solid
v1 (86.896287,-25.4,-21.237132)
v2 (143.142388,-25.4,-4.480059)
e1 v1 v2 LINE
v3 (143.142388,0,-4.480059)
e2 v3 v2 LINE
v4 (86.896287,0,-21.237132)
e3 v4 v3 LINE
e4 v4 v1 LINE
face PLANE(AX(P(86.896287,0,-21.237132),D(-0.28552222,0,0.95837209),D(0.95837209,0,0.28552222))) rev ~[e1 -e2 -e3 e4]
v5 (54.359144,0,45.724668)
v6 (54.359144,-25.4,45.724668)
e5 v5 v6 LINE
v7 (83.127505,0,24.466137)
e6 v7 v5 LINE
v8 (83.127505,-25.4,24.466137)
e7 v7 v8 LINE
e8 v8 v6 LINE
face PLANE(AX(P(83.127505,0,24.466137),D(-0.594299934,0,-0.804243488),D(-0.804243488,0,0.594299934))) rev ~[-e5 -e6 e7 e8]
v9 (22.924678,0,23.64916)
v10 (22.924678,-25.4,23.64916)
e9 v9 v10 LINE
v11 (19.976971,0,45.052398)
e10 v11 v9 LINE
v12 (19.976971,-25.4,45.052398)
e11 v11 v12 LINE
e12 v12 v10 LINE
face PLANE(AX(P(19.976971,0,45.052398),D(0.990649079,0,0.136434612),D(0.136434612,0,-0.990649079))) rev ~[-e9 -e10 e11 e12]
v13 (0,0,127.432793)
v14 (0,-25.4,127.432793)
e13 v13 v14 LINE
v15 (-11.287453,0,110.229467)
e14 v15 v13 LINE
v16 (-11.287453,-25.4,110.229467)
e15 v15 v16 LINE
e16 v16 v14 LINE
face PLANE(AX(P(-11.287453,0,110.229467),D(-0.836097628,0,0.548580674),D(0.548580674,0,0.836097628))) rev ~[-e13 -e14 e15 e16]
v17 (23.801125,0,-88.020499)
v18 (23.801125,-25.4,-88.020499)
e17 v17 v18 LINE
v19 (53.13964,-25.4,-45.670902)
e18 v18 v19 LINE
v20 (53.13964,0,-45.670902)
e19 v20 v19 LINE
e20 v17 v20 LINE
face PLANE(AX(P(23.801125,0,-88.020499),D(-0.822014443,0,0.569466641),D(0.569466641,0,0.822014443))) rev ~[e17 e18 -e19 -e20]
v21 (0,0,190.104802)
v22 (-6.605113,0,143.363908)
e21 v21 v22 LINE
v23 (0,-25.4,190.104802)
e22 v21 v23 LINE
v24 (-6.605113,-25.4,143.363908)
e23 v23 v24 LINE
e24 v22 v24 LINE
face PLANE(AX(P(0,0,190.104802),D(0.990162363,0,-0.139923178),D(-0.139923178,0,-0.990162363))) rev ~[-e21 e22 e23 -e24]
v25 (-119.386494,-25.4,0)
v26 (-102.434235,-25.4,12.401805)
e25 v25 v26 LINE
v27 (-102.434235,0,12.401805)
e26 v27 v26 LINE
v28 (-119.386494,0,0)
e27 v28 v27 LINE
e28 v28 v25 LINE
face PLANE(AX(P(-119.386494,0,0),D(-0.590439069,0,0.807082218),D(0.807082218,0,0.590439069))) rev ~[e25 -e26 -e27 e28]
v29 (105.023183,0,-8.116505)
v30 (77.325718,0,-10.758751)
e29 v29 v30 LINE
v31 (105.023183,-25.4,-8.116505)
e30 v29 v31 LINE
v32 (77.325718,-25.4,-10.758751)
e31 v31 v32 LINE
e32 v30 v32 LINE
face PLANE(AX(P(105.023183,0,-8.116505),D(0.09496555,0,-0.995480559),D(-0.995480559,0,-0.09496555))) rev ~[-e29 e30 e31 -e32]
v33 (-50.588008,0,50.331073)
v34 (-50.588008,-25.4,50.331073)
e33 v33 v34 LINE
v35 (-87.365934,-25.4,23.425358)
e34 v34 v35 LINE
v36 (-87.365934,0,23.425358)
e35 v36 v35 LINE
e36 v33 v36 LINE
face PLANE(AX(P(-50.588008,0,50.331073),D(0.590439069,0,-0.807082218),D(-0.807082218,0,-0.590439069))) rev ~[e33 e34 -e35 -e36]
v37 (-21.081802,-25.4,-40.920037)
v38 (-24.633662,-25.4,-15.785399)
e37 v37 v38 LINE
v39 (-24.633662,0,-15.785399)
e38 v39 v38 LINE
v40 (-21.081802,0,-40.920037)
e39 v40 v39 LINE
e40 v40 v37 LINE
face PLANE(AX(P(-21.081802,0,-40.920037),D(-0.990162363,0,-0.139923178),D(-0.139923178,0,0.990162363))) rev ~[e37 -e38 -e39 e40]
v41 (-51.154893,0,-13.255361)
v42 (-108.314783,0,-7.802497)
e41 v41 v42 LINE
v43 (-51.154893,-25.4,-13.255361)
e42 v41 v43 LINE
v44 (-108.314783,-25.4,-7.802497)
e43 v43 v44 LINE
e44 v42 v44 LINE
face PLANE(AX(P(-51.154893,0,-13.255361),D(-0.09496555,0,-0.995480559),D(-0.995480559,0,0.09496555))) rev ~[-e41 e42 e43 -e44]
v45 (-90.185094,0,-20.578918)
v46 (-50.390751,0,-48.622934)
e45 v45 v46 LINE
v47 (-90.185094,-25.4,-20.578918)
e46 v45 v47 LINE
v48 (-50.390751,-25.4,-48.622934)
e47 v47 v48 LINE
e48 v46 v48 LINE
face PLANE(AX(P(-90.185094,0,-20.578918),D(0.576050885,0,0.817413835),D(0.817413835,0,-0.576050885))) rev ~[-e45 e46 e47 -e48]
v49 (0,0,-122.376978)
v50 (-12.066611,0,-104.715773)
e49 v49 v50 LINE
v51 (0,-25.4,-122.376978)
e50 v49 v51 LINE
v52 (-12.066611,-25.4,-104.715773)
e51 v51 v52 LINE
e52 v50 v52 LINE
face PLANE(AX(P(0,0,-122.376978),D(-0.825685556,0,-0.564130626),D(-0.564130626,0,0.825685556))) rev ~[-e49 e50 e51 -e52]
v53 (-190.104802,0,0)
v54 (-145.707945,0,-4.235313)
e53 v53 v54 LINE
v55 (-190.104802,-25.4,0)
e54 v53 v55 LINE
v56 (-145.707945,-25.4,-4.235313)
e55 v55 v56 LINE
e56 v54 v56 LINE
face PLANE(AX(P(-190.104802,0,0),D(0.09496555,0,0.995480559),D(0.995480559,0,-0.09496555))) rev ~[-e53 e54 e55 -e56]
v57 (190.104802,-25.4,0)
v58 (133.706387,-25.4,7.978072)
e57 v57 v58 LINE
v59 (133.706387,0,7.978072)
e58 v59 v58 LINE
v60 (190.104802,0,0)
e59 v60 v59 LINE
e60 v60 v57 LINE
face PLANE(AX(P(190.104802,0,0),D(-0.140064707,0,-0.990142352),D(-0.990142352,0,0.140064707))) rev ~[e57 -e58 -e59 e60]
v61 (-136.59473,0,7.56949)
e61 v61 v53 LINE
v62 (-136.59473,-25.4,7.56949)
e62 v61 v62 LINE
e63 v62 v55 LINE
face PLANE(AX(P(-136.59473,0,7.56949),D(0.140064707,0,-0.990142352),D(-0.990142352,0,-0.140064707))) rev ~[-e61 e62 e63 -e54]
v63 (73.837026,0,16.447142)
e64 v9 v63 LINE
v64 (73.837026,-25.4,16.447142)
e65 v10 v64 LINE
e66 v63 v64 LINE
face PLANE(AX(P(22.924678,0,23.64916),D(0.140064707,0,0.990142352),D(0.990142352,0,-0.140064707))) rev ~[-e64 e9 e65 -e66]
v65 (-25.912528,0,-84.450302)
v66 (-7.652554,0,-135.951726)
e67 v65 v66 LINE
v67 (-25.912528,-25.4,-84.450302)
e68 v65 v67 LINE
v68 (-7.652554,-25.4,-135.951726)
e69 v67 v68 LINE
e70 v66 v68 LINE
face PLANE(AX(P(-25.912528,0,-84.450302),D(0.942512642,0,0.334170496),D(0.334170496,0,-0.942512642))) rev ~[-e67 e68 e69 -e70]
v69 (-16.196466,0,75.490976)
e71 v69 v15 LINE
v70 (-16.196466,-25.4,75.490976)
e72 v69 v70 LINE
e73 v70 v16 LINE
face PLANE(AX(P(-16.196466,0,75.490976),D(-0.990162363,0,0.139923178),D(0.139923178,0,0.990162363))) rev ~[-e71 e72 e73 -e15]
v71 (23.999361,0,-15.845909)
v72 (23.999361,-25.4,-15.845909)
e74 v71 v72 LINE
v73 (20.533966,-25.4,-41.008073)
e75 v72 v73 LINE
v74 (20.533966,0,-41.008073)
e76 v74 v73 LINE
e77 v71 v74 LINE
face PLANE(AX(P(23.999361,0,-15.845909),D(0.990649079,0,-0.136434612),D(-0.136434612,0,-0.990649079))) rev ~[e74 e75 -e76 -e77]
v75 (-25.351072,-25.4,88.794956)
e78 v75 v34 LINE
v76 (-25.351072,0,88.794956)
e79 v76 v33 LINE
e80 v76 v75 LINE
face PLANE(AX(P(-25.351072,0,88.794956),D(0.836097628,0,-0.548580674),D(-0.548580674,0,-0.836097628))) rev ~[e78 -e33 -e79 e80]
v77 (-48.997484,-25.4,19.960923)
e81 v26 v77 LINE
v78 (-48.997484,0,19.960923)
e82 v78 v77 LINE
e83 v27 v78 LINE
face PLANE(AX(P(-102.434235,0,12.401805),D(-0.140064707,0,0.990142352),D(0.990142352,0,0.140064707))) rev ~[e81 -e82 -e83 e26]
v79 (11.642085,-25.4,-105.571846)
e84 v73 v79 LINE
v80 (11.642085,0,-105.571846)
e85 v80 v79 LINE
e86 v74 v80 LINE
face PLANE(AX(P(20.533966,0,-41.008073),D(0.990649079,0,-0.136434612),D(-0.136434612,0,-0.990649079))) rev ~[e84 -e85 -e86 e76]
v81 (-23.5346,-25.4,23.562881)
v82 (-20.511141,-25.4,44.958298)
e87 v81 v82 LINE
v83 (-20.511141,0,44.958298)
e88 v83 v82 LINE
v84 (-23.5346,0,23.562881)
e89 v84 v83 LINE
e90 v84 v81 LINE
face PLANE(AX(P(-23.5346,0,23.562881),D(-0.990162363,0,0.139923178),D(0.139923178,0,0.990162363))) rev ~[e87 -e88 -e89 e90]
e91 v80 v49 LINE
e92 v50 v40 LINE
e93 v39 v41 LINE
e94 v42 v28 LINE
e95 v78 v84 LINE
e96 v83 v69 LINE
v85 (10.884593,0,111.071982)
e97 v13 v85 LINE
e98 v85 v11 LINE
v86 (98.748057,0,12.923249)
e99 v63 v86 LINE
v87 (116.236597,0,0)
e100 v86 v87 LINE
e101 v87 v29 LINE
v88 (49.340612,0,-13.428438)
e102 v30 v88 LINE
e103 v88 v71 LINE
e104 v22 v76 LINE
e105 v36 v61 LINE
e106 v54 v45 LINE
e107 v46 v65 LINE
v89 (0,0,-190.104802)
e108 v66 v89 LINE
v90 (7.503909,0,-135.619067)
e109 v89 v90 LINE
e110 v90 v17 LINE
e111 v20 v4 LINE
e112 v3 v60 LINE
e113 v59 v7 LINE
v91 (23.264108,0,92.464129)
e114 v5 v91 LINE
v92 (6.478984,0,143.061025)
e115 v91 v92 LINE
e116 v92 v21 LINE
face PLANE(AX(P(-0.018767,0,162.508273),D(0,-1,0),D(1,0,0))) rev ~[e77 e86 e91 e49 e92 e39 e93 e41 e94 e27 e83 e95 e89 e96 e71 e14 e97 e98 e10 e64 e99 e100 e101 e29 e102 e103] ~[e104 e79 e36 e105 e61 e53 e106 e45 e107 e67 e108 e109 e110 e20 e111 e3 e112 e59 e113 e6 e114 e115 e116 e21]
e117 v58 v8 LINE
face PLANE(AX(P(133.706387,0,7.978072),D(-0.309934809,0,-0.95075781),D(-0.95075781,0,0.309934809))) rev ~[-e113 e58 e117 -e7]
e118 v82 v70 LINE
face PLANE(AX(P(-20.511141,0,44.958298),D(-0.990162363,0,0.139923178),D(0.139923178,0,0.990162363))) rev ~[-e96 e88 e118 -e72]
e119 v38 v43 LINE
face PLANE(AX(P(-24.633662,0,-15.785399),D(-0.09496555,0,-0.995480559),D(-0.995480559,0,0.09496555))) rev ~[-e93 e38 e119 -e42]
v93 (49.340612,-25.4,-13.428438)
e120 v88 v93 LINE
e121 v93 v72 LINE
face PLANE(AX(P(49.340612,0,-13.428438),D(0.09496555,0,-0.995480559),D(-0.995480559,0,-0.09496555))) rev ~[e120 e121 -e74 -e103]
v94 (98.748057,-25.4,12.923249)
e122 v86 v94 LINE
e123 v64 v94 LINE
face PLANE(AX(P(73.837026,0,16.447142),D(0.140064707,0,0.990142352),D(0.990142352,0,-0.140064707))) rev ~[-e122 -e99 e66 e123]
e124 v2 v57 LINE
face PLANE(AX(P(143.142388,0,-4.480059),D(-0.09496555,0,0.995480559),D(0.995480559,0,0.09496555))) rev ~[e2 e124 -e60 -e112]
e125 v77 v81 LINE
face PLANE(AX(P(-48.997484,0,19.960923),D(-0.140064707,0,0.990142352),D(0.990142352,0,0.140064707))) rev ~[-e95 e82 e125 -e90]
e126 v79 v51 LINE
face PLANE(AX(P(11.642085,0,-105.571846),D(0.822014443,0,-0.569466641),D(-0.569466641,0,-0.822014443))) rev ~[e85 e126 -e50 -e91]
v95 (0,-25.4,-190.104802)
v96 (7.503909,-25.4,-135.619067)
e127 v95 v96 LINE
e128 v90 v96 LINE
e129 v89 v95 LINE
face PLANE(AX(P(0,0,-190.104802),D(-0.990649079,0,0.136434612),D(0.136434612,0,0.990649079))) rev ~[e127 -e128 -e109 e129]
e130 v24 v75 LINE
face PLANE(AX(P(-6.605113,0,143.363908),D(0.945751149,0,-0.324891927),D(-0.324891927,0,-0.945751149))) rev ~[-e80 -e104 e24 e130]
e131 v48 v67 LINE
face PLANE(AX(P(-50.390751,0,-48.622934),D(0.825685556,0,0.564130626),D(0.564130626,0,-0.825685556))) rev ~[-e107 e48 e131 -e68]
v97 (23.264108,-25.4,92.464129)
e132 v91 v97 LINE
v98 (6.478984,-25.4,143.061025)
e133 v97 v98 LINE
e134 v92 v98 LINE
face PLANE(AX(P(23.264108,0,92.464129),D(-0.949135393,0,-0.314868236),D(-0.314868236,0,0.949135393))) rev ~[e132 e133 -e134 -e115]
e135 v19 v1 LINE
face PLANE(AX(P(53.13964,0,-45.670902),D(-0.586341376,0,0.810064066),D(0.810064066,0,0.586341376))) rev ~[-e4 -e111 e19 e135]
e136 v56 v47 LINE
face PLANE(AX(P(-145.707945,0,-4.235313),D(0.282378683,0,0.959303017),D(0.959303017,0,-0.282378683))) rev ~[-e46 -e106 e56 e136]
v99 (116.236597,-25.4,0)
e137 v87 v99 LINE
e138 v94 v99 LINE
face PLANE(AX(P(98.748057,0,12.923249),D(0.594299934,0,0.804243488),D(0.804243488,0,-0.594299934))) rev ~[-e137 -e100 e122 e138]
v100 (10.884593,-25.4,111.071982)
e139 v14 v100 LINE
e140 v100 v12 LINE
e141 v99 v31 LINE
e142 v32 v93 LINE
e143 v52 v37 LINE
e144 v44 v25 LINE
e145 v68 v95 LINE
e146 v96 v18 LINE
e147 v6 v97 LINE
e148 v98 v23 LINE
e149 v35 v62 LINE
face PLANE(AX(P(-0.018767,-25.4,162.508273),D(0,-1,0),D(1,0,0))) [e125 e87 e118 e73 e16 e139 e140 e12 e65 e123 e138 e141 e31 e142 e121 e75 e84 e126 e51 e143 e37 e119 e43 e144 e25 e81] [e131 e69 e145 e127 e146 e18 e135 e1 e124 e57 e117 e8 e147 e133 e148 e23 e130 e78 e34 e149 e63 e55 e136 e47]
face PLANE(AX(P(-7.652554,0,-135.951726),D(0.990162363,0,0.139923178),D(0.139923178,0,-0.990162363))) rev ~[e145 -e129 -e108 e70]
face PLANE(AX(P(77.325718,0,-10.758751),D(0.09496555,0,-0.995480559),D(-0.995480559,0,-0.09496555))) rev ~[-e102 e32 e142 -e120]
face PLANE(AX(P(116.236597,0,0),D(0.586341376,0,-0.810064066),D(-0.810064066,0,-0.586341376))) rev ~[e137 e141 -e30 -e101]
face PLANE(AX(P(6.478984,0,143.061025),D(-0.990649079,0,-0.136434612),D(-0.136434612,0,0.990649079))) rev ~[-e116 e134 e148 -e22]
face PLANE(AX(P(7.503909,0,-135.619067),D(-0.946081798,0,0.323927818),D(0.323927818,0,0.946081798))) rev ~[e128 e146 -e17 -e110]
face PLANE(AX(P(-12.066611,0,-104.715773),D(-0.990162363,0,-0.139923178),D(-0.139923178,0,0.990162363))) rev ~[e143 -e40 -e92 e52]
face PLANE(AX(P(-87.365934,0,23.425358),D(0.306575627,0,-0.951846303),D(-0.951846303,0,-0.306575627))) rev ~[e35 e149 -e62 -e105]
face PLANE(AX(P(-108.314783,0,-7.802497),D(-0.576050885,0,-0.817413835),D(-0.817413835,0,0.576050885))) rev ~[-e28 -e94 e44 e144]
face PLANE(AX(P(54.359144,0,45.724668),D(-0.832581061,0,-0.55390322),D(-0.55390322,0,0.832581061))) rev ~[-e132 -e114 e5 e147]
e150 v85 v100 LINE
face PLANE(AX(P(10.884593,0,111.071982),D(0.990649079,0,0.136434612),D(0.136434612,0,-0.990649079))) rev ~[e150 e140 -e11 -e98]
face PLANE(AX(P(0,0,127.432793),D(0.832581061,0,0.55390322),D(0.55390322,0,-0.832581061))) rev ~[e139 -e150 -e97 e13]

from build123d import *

# Parameters (mm, degrees)
F1_DEPTH = 25.4


with BuildPart() as f1:
    # F0 (on Front) → F1 (new body)
    with BuildSketch(Plane.XZ):
        Polygon((6.4789838679, 143.0610253916), (0, 190.1048020358), (-6.6051132214, 143.363907551), (0, 162.5912040472), align=None)
        Polygon((0, 162.5912040472), (-6.6051132214, 143.363907551), (-11.2874526005, 110.2294670761), (0, 127.4327933788), (10.8845930701, 111.0719821234), (6.4789838679, 143.0610253916), align=None)
        Polygon((-11.2874526005, 110.2294670761), (-6.6051132214, 143.363907551), (-25.3510719107, 88.7949556276), align=None)
        Polygon((23.2641081299, 92.464128984), (6.4789838679, 143.0610253916), (10.8845930701, 111.0719821234), align=None)
        Polygon((-16.1964657783, 75.4909759594), (-11.2874526005, 110.2294670761), (-25.3510719107, 88.7949556276), (-34.5284807194, 62.0797799271), align=None)
        Polygon((-34.5284807194, 62.0797799271), (-25.3510719107, 88.7949556276), (-50.5880084585, 50.3310727943), align=None)
        Polygon((23.2641081299, 92.464128984), (10.8845930701, 111.0719821234), (15.9783431129, 74.0863615106), (33.7067852385, 60.9858364417), align=None)
        Polygon((54.3591441951, 45.7246677317), (23.2641081299, 92.464128984), (33.7067852385, 60.9858364417), align=None)
        Polygon((-42.8858424978, 37.7517377794), (-34.5284807194, 62.0797799271), (-50.5880084585, 50.3310727943), (-63.1169358373, 31.2356016062), align=None)
        Polygon((-63.1169358373, 31.2356016062), (-50.5880084585, 50.3310727943), (-87.3659343428, 23.4253575589), align=None)
        Polygon((54.3591441951, 45.7246677317), (33.7067852385, 60.9858364417), (41.2983510128, 38.1019029624), (64.4518457344, 30.554161689), align=None)
        Polygon((83.1275046372, 24.4661372589), (54.3591441951, 45.7246677317), (64.4518457344, 30.554161689), align=None)
        Polygon((-72.7158875117, 16.6057374852), (-63.1169358373, 31.2356016062), (-87.3659343428, 23.4253575589), (-102.4342347336, 12.401804989), align=None)
        Polygon((-102.4342347336, 12.401804989), (-87.3659343428, 23.4253575589), (-136.5947303766, 7.5694898993), align=None)
        Polygon((83.1275046372, 24.4661372589), (64.4518457344, 30.554161689), (73.837026265, 16.4471421365), (98.7480565931, 12.92324866), align=None)
        Polygon((133.7063873813, 7.9780724792), (83.1275046372, 24.4661372589), (98.7480565931, 12.92324866), align=None)
        Polygon((-119.3864941597, 0), (-102.4342347336, 12.401804989), (-136.5947303766, 7.5694898993), (-160.0962430239, 0), (-145.7079445735, -4.2353132382), (-108.3147829025, -7.8024970817), align=None)
        Polygon((-160.0962430239, 0), (-136.5947303766, 7.5694898993), (-190.1048020358, 0), (-145.7079445735, -4.2353132382), align=None)
        Polygon((133.7063873813, 7.9780724792), (98.7480565931, 12.92324866), (116.2365972996, 0), (105.0231827748, -8.116504838), (143.1423881699, -4.4800588265), (158.1799685955, 0), align=None)
        Polygon((190.1048020358, 0), (133.7063873813, 7.9780724792), (158.1799685955, 0), (143.1423881699, -4.4800588265), align=None)
        Polygon((-64.3567517854, -28.1817016834), (-76.1863177081, -10.8674463087), (-108.3147829025, -7.8024970817), (-90.185094151, -20.5789180242), align=None)
        Polygon((-90.185094151, -20.5789180242), (-108.3147829025, -7.8024970817), (-145.7079445735, -4.2353132382), align=None)
        Polygon((105.0231827748, -8.116504838), (77.3257177694, -10.7587513145), (65.6897330033, -27.5550776524), (86.8962872603, -21.237132352), align=None)
        Polygon((143.1423881699, -4.4800588265), (105.0231827748, -8.116504838), (86.8962872603, -21.237132352), align=None)
        Polygon((-34.6929381596, -59.6855543086), (-43.7076647237, -34.2599292161), (-64.3567517854, -28.1817016834), (-50.3907510083, -48.6229338974), align=None)
        Polygon((-50.3907510083, -48.6229338974), (-64.3567517854, -28.1817016834), (-90.185094151, -20.5789180242), align=None)
        Polygon((65.6897330033, -27.5550776524), (42.0972347258, -34.58385337), (33.4121165087, -59.9500979433), (53.139639768, -45.6709024653), align=None)
        Polygon((86.8962872603, -21.237132352), (65.6897330033, -27.5550776524), (53.139639768, -45.6709024653), align=None)
        Polygon((-12.0666112155, -104.7157734591), (-16.6312789161, -72.4140332461), (-34.6929381596, -59.6855543086), (-25.9125275508, -84.4503019369), align=None)
        Polygon((-25.9125275508, -84.4503019369), (-34.6929381596, -59.6855543086), (-50.3907510083, -48.6229338974), align=None)
        Polygon((33.4121165087, -59.9500979433), (16.2104519289, -72.4010238832), (11.6420852362, -105.5718461452), (23.8011252741, -88.0204993073), align=None)
        Polygon((53.139639768, -45.6709024653), (33.4121165087, -59.9500979433), (23.8011252741, -88.0204993073), align=None)
        Polygon((-7.6525536308, -135.9517255008), (-12.0666112155, -104.7157734591), (-25.9125275508, -84.4503019369), align=None)
        Polygon((0, -122.3769783974), (-12.0666112155, -104.7157734591), (-7.6525536308, -135.9517255008), (0, -157.5354039669), (7.5039086249, -135.6190665407), (11.6420852362, -105.5718461452), align=None)
        Polygon((23.8011252741, -88.0204993073), (11.6420852362, -105.5718461452), (7.5039086249, -135.6190665407), align=None)
        Polygon((0, -157.5354039669), (-7.6525536308, -135.9517255008), (0, -190.1048020358), (7.5039086249, -135.6190665407), align=None)
        Polygon((-23.5345997346, 23.5628812437), (-20.5111412815, 44.9582983698), (-42.8858424978, 37.7517377794), (-48.9974841566, 19.9609229495), align=None)
        Polygon((-48.9974841566, 19.9609229495), (-42.8858424978, 37.7517377794), (-63.1169358373, 31.2356016062), (-72.7158875117, 16.6057374852), align=None)
        Polygon((-20.5111412815, 44.9582983698), (-16.1964657783, 75.4909759594), (-34.5284807194, 62.0797799271), (-42.8858424978, 37.7517377794), align=None)
        Polygon((-43.7076647237, -34.2599292161), (-51.1548930664, -13.2553613598), (-76.1863177081, -10.8674463087), (-64.3567517854, -28.1817016834), align=None)
        Polygon((-21.0818016053, -40.9200369363), (-24.6336619422, -15.7853990178), (-51.1548930664, -13.2553613598), (-43.7076647237, -34.2599292161), align=None)
        Polygon((-16.6312789161, -72.4140332461), (-21.0818016053, -40.9200369363), (-43.7076647237, -34.2599292161), (-34.6929381596, -59.6855543086), align=None)
        Polygon((42.0972347258, -34.58385337), (20.5339658906, -41.0080725688), (16.2104519289, -72.4010238832), (33.4121165087, -59.9500979433), align=None)
        Polygon((49.3406122431, -13.4284377447), (23.9993605016, -15.8459092755), (20.5339658906, -41.0080725688), (42.0972347258, -34.58385337), align=None)
        Polygon((33.7067852385, 60.9858364417), (15.9783431129, 74.0863615106), (19.9769714734, 45.0523982672), (41.2983510128, 38.1019029624), align=None)
        Polygon((41.2983510128, 38.1019029624), (19.9769714734, 45.0523982672), (22.9246777033, 23.6491603032), (47.2337087064, 20.2104251467), align=None)
        Polygon((64.4518457344, 30.554161689), (41.2983510128, 38.1019029624), (47.2337087064, 20.2104251467), (73.837026265, 16.4471421365), align=None)
        Polygon((77.3257177694, -10.7587513145), (49.3406122431, -13.4284377447), (42.0972347258, -34.58385337), (65.6897330033, -27.5550776524), align=None)
    extrude(amount=F1_DEPTH)


solid = f1.part
